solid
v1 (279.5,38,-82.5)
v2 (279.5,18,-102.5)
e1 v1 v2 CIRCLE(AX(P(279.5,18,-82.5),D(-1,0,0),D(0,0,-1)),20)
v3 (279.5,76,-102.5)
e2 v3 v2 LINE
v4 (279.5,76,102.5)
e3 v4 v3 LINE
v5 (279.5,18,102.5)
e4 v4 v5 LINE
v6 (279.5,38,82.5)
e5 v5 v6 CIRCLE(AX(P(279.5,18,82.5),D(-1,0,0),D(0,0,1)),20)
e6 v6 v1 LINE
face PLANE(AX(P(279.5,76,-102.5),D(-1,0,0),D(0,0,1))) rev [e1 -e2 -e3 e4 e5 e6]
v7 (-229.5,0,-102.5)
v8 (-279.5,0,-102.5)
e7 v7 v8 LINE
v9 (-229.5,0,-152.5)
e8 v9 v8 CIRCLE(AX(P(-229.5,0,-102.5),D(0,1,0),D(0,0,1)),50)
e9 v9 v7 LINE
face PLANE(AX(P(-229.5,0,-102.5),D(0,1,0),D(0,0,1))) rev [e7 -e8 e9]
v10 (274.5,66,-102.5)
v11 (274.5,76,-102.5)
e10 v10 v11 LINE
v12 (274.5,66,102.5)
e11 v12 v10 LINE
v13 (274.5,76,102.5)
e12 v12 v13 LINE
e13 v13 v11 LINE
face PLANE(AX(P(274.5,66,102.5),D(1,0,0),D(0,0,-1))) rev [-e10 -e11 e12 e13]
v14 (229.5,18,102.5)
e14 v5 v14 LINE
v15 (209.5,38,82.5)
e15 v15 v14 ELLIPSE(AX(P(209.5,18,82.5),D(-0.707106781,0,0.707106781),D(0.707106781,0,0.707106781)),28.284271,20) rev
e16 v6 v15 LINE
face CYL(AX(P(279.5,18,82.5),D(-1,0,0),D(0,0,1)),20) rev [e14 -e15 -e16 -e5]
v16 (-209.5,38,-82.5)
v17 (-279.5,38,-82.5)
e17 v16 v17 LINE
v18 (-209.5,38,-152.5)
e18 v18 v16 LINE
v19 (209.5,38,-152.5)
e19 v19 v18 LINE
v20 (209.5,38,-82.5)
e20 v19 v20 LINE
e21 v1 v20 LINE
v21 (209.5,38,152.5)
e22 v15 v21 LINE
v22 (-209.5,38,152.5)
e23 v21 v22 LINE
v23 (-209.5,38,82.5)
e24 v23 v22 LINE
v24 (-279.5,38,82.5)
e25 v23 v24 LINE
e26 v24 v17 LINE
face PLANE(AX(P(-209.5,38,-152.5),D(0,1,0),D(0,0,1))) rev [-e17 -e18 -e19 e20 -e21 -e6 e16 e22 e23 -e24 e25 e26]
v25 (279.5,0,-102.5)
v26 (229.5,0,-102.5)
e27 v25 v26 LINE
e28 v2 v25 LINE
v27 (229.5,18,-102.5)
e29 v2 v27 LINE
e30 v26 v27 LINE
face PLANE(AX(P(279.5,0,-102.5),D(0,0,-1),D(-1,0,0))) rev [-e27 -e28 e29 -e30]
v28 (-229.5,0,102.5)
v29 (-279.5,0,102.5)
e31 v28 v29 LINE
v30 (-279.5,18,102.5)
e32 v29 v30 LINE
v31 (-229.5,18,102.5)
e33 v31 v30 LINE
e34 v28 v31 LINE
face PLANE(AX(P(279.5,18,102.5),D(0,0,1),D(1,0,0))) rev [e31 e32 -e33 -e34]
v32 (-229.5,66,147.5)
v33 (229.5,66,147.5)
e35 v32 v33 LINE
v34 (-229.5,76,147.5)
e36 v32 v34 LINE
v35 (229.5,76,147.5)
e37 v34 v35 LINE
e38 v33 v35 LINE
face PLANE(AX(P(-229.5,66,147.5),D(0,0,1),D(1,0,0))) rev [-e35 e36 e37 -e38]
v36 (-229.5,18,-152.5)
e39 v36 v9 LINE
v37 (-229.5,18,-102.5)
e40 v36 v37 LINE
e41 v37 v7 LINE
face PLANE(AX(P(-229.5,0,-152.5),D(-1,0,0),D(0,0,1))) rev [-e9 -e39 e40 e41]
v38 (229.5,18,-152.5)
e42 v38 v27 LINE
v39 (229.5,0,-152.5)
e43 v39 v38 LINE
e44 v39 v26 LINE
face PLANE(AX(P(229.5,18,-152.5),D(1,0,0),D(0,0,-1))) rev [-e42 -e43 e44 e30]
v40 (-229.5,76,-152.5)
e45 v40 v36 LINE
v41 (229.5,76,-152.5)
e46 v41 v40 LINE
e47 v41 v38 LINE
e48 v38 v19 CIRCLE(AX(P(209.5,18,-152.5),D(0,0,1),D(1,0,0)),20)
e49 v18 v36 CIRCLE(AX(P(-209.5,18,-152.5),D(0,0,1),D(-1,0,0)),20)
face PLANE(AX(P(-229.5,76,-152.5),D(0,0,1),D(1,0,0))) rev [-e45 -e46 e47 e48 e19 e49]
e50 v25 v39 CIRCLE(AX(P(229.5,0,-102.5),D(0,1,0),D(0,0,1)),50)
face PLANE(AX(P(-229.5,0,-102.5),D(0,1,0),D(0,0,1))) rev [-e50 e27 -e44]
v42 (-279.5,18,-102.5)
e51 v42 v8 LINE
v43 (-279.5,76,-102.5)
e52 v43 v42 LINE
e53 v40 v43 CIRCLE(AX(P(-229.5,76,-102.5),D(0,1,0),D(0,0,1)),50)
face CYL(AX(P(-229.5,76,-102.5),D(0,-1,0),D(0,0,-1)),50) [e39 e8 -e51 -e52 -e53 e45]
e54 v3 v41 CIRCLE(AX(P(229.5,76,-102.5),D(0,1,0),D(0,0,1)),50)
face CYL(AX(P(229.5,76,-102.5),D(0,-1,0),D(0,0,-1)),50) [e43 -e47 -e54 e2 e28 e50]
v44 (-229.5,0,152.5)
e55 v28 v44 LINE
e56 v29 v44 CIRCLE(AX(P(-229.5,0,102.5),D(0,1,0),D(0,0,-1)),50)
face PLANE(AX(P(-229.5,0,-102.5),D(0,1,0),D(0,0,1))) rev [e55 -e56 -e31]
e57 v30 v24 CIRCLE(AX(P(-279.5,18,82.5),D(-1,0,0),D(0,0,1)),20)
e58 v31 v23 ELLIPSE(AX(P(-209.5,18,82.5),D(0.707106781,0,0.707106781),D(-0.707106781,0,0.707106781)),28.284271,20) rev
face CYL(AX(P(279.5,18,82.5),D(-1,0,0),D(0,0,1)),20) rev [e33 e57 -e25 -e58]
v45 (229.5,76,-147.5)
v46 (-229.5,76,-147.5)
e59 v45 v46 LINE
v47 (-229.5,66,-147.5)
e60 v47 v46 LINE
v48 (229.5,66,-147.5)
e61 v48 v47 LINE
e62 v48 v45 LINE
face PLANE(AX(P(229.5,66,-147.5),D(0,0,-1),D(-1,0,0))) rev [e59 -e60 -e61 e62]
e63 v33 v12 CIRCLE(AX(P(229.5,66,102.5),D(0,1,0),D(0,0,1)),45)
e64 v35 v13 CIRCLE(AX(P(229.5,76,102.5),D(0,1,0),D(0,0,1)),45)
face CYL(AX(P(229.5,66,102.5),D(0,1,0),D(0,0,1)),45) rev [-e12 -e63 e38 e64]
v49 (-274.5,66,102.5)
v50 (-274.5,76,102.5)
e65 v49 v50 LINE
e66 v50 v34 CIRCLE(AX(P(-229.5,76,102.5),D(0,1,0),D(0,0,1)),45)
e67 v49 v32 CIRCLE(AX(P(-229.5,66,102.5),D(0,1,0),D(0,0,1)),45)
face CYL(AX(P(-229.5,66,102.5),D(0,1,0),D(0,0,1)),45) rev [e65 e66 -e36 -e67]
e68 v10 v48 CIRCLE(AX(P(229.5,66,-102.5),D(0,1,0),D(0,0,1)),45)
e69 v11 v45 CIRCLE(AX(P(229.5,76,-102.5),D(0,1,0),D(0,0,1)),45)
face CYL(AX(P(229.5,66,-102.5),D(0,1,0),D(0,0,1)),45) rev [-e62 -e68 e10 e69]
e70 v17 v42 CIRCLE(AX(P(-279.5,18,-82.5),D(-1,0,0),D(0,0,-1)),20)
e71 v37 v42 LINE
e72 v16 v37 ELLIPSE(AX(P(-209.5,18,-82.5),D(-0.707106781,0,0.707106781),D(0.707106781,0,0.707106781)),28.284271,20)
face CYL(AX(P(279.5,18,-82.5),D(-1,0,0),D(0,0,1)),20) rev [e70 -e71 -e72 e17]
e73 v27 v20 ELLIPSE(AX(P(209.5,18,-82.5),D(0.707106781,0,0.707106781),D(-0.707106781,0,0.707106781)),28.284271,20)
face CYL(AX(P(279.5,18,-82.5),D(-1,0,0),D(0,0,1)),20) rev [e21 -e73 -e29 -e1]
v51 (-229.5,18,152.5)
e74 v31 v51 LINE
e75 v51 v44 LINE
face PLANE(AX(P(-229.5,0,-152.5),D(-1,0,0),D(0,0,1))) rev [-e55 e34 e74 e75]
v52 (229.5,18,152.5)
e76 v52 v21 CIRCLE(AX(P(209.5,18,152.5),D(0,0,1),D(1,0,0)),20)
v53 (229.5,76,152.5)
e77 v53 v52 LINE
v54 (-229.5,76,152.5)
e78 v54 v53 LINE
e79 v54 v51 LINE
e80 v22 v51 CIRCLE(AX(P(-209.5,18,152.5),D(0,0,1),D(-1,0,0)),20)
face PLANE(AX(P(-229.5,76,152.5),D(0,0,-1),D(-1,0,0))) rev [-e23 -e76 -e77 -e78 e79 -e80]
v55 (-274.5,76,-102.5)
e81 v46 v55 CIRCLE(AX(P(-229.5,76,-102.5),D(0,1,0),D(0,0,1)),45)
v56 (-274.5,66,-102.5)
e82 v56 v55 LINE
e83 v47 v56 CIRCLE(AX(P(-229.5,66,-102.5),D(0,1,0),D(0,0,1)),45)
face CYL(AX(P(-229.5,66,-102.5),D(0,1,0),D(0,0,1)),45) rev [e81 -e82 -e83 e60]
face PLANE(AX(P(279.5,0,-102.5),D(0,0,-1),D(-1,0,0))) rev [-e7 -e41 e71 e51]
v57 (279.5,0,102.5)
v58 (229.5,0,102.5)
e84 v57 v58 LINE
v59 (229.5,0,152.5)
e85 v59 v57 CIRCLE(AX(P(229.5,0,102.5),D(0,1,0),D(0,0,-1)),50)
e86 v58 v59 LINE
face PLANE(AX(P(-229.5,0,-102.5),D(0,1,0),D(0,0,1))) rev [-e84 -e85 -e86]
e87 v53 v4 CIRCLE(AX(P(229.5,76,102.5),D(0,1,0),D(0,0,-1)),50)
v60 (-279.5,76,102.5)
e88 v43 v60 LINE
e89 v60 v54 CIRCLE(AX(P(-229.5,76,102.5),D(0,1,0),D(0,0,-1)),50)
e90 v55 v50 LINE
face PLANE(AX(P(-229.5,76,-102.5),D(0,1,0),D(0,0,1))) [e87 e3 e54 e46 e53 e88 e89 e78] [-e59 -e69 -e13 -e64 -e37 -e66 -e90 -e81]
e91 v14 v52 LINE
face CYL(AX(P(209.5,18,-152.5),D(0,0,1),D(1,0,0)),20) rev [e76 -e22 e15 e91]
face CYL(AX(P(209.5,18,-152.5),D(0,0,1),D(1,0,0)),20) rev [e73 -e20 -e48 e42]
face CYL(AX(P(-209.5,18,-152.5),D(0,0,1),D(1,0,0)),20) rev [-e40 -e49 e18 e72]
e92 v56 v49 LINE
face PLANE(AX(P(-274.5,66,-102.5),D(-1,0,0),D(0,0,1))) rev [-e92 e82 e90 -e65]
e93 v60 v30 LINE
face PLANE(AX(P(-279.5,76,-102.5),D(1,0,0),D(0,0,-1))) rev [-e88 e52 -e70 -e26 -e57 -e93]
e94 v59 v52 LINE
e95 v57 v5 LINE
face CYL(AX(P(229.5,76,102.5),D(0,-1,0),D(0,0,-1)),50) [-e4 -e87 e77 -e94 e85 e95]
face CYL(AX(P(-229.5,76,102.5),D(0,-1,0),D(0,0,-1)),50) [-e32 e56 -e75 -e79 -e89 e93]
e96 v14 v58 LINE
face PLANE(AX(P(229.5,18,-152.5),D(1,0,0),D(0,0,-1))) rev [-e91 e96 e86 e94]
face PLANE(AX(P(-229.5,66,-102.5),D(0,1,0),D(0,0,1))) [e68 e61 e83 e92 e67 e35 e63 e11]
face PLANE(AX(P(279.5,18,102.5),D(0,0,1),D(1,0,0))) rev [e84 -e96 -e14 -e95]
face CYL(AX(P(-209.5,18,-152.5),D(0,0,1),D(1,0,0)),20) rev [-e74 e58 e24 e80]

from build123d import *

# Parameters (mm, degrees)
BOSS_EXTRUDE1_DEPTH = 76
CUT_EXTRUDE1_DEPTH  = 10
CUT_EXTRUDE2_DEPTH  = 421.62007798
CUT_EXTRUDE3_DEPTH  = 585.391350039


with BuildPart() as part:
    # Sketch1 → Boss-Extrude1 (new body)
    with BuildSketch(Plane(origin=(0, 0, 0), x_dir=(1, 0, 0), z_dir=(0, 1, 0))):
        with BuildLine():
            Line((-229.5, 152.5), (229.5, 152.5))
            ThreePointArc((229.5, 152.5), (264.855339059, 137.855339059), (279.5, 102.5))
            Line((279.5, 102.5), (279.5, -102.5))
            ThreePointArc((279.5, -102.5), (264.855339059, -137.855339059), (229.5, -152.5))
            Line((229.5, -152.5), (-229.5, -152.5))
            ThreePointArc((-229.5, -152.5), (-264.855339059, -137.855339059), (-279.5, -102.5))
            Line((-279.5, -102.5), (-279.5, 102.5))
            ThreePointArc((-279.5, 102.5), (-264.855339059, 137.855339059), (-229.5, 152.5))
        make_face()
    extrude(amount=BOSS_EXTRUDE1_DEPTH)

    # Sketch3 → Cut-Extrude1 (cut)
    with BuildSketch(Plane(origin=(0, 76, 0), x_dir=(1, 0, 0), z_dir=(0, 1, 0))):
        with BuildLine():
            Line((-274.5, 102.5), (-274.5, -102.5))
            ThreePointArc((-274.5, -102.5), (-261.319805153, -134.319805153), (-229.5, -147.5))
            Line((-229.5, -147.5), (229.5, -147.5))
            ThreePointArc((229.5, -147.5), (261.319805153, -134.319805153), (274.5, -102.5))
            Line((274.5, -102.5), (274.5, 102.5))
            ThreePointArc((274.5, 102.5), (261.319805153, 134.319805153), (229.5, 147.5))
            Line((229.5, 147.5), (-229.5, 147.5))
            ThreePointArc((-229.5, 147.5), (-261.319805153, 134.319805153), (-274.5, 102.5))
        make_face()
    extrude(amount=-CUT_EXTRUDE1_DEPTH, mode=Mode.SUBTRACT)

    # Sketch4 → Cut-Extrude2 (cut, through all)
    with BuildSketch(Plane.XY.offset(152.5)):
        with BuildLine():
            Line((-229.5, 0), (-229.5, 18))
            ThreePointArc((-229.5, 18), (-223.642135624, 32.142135624), (-209.5, 38))
            Line((-209.5, 38), (209.5, 38))
            ThreePointArc((209.5, 38), (223.642135624, 32.142135624), (229.5, 18))
            Line((229.5, 18), (229.5, 0))
            Line((229.5, 0), (-229.5, 0))
        make_face()
    extrude(amount=-CUT_EXTRUDE2_DEPTH, mode=Mode.SUBTRACT)

    # Sketch5 → Cut-Extrude3 (cut, through all)
    with BuildSketch(Plane.ZY.offset(279.5)):
        with BuildLine():
            Line((-102.5, 0), (-102.5, 18))
            ThreePointArc((-102.5, 18), (-96.642135624, 32.142135624), (-82.5, 38))
            Line((-82.5, 38), (82.5, 38))
            ThreePointArc((82.5, 38), (96.642135624, 32.142135624), (102.5, 18))
            Line((102.5, 18), (102.5, 0))
            Line((102.5, 0), (-102.5, 0))
        make_face()
    extrude(amount=-CUT_EXTRUDE3_DEPTH, mode=Mode.SUBTRACT)


solid = part.part
